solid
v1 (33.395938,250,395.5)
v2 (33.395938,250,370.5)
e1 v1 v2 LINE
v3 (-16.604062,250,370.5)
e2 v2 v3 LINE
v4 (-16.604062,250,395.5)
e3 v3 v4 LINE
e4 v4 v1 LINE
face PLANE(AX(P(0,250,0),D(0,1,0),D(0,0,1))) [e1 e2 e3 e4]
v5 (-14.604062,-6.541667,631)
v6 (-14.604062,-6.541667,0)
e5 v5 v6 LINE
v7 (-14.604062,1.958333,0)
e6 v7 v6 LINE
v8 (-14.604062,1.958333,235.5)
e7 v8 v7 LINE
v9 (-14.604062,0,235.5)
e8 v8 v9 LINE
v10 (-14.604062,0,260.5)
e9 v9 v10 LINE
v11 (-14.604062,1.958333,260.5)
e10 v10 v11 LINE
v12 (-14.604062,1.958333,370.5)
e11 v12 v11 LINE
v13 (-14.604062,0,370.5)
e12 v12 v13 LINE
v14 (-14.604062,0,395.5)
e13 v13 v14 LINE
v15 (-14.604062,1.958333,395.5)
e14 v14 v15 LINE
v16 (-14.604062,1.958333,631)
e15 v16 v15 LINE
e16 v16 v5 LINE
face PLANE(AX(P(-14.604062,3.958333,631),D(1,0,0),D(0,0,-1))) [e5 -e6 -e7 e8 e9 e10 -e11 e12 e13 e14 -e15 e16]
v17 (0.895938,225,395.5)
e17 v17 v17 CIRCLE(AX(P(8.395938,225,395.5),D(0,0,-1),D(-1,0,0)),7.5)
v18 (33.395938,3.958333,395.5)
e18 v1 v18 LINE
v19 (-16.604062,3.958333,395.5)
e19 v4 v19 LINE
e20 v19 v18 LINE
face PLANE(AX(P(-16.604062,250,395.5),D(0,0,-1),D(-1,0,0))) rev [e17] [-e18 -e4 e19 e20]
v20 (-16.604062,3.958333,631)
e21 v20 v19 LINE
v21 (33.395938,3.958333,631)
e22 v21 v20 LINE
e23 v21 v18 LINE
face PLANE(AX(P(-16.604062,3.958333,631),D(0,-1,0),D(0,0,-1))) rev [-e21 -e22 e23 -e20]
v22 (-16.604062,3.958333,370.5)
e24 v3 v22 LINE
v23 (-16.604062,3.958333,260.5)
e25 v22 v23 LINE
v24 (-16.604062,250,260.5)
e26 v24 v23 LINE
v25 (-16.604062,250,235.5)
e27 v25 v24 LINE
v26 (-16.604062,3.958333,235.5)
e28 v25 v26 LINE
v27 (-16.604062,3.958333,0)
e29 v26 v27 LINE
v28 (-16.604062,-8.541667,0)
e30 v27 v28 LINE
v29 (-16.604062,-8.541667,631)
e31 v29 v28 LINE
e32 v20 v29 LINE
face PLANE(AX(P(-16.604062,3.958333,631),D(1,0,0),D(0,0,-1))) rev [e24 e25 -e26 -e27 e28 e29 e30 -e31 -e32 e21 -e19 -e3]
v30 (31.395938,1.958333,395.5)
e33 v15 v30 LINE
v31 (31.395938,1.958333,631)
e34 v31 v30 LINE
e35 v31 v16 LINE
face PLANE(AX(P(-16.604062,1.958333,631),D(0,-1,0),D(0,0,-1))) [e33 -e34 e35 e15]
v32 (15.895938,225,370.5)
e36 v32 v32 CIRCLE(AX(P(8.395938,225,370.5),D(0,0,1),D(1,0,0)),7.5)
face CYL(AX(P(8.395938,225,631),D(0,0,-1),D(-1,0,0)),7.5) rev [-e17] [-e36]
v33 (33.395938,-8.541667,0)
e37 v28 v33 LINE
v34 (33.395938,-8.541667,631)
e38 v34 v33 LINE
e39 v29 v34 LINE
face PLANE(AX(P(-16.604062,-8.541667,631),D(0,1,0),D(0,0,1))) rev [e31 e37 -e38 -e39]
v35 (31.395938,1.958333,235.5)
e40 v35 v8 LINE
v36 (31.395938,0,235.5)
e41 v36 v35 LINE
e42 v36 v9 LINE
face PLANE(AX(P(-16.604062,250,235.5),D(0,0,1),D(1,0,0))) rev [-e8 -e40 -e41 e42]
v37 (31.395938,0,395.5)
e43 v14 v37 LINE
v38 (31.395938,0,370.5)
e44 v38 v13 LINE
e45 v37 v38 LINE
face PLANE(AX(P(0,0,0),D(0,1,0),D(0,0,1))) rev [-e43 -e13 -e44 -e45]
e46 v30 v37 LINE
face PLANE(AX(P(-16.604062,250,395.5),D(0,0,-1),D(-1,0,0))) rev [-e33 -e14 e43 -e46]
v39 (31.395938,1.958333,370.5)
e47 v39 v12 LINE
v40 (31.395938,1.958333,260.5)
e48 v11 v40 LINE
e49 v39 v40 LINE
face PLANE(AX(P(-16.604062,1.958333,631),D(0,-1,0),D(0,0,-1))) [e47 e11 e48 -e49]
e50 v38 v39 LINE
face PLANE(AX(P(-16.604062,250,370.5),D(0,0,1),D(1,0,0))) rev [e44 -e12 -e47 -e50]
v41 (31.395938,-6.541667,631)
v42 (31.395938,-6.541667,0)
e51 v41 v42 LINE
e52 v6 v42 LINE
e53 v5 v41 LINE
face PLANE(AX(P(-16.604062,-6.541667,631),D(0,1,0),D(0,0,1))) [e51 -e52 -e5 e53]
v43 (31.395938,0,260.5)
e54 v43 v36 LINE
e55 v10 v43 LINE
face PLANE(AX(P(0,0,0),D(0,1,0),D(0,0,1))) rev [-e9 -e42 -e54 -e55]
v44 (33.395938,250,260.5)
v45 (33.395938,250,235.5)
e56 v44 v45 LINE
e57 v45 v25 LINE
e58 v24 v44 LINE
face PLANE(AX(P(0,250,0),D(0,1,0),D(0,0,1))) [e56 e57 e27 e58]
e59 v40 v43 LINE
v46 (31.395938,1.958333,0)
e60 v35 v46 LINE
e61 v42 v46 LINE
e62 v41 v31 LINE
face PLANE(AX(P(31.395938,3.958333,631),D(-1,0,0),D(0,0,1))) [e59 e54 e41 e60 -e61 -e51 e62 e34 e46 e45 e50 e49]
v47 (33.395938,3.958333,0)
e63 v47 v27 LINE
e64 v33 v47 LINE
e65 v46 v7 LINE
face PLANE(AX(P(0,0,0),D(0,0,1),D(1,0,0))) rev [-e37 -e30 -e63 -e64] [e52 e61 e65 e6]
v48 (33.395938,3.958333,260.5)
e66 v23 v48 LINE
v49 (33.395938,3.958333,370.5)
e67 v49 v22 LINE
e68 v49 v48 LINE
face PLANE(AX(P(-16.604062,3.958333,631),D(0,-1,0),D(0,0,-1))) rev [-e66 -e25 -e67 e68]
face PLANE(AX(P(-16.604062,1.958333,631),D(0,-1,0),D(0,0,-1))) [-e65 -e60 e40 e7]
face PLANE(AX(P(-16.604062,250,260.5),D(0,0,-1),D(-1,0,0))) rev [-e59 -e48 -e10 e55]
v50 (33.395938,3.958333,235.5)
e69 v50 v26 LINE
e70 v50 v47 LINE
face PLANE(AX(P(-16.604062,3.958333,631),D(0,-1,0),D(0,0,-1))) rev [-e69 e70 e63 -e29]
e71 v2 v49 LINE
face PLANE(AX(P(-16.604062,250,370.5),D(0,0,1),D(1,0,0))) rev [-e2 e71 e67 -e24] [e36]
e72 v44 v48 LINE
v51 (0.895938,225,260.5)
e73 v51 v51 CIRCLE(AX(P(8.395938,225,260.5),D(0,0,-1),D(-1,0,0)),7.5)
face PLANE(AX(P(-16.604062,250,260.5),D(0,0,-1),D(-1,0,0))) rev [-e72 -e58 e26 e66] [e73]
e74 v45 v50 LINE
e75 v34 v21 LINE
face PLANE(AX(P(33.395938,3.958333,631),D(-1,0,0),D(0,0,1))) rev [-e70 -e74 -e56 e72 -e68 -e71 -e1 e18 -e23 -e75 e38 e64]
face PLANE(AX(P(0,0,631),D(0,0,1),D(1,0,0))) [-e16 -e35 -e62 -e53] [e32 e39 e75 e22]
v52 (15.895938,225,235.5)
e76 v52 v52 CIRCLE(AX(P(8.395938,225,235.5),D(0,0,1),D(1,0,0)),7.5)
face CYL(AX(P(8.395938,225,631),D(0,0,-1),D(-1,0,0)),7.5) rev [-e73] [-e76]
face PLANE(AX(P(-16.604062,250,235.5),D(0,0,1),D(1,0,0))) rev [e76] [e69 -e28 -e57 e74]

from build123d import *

# Parameters (mm, degrees)
SKETCH1_W               = 50
SKETCH1_H               = 12.499999892
BOSS_EXTRUDE1_DEPTH     = 631
SHELL1_T                = -2
SKETCH3_W               = 50
SKETCH3_H               = 25
BOSS_EXTRUDE2_DEPTH     = 250
CUT_EXTRUDE1_DEPTH      = 470.079458784
CUT_EXTRUDE1_DEPTH_BACK = 470.079458784
SKETCH4_R               = 7.5


with BuildPart() as part:
    # Sketch1 → Boss-Extrude1 (new body)
    with BuildSketch(Plane.XY):
        with Locations((8.395937674, -2.291666613)):
            Rectangle(SKETCH1_W, SKETCH1_H)
    extrude(amount=BOSS_EXTRUDE1_DEPTH)

    # Shell1
    shell1_openings = [part.faces().sort_by_distance(p)[0] for p in [
        (8.395937674, -2.291666613, 631),
        (8.395937674, -2.291666613, 0),
    ]]
    offset(amount=SHELL1_T, openings=shell1_openings, kind=Kind.INTERSECTION)

    # Sketch3 → Boss-Extrude2 (add)
    with BuildSketch(Plane(origin=(0, 0, 0), x_dir=(1, 0, 0), z_dir=(0, 1, 0))):
        with Locations((8.395937674, -248)):
            Rectangle(SKETCH3_W, SKETCH3_H)
        with Locations((8.395937674, -383)):
            Rectangle(SKETCH3_W, SKETCH3_H)
    extrude(amount=BOSS_EXTRUDE2_DEPTH)

    # Sketch4 → Cut-Extrude1 (cut, two sides: drawn at the far end of the back side and taken through both)
    with BuildSketch(Plane(origin=(0, 0, 235.5), x_dir=(-1, 0, 0), z_dir=(0, 0, -1)).offset(-CUT_EXTRUDE1_DEPTH_BACK)):
        with Locations((-8.395937674, 225)):
            Circle(SKETCH4_R)
    extrude(amount=CUT_EXTRUDE1_DEPTH + CUT_EXTRUDE1_DEPTH_BACK, mode=Mode.SUBTRACT)


solid = part.part
